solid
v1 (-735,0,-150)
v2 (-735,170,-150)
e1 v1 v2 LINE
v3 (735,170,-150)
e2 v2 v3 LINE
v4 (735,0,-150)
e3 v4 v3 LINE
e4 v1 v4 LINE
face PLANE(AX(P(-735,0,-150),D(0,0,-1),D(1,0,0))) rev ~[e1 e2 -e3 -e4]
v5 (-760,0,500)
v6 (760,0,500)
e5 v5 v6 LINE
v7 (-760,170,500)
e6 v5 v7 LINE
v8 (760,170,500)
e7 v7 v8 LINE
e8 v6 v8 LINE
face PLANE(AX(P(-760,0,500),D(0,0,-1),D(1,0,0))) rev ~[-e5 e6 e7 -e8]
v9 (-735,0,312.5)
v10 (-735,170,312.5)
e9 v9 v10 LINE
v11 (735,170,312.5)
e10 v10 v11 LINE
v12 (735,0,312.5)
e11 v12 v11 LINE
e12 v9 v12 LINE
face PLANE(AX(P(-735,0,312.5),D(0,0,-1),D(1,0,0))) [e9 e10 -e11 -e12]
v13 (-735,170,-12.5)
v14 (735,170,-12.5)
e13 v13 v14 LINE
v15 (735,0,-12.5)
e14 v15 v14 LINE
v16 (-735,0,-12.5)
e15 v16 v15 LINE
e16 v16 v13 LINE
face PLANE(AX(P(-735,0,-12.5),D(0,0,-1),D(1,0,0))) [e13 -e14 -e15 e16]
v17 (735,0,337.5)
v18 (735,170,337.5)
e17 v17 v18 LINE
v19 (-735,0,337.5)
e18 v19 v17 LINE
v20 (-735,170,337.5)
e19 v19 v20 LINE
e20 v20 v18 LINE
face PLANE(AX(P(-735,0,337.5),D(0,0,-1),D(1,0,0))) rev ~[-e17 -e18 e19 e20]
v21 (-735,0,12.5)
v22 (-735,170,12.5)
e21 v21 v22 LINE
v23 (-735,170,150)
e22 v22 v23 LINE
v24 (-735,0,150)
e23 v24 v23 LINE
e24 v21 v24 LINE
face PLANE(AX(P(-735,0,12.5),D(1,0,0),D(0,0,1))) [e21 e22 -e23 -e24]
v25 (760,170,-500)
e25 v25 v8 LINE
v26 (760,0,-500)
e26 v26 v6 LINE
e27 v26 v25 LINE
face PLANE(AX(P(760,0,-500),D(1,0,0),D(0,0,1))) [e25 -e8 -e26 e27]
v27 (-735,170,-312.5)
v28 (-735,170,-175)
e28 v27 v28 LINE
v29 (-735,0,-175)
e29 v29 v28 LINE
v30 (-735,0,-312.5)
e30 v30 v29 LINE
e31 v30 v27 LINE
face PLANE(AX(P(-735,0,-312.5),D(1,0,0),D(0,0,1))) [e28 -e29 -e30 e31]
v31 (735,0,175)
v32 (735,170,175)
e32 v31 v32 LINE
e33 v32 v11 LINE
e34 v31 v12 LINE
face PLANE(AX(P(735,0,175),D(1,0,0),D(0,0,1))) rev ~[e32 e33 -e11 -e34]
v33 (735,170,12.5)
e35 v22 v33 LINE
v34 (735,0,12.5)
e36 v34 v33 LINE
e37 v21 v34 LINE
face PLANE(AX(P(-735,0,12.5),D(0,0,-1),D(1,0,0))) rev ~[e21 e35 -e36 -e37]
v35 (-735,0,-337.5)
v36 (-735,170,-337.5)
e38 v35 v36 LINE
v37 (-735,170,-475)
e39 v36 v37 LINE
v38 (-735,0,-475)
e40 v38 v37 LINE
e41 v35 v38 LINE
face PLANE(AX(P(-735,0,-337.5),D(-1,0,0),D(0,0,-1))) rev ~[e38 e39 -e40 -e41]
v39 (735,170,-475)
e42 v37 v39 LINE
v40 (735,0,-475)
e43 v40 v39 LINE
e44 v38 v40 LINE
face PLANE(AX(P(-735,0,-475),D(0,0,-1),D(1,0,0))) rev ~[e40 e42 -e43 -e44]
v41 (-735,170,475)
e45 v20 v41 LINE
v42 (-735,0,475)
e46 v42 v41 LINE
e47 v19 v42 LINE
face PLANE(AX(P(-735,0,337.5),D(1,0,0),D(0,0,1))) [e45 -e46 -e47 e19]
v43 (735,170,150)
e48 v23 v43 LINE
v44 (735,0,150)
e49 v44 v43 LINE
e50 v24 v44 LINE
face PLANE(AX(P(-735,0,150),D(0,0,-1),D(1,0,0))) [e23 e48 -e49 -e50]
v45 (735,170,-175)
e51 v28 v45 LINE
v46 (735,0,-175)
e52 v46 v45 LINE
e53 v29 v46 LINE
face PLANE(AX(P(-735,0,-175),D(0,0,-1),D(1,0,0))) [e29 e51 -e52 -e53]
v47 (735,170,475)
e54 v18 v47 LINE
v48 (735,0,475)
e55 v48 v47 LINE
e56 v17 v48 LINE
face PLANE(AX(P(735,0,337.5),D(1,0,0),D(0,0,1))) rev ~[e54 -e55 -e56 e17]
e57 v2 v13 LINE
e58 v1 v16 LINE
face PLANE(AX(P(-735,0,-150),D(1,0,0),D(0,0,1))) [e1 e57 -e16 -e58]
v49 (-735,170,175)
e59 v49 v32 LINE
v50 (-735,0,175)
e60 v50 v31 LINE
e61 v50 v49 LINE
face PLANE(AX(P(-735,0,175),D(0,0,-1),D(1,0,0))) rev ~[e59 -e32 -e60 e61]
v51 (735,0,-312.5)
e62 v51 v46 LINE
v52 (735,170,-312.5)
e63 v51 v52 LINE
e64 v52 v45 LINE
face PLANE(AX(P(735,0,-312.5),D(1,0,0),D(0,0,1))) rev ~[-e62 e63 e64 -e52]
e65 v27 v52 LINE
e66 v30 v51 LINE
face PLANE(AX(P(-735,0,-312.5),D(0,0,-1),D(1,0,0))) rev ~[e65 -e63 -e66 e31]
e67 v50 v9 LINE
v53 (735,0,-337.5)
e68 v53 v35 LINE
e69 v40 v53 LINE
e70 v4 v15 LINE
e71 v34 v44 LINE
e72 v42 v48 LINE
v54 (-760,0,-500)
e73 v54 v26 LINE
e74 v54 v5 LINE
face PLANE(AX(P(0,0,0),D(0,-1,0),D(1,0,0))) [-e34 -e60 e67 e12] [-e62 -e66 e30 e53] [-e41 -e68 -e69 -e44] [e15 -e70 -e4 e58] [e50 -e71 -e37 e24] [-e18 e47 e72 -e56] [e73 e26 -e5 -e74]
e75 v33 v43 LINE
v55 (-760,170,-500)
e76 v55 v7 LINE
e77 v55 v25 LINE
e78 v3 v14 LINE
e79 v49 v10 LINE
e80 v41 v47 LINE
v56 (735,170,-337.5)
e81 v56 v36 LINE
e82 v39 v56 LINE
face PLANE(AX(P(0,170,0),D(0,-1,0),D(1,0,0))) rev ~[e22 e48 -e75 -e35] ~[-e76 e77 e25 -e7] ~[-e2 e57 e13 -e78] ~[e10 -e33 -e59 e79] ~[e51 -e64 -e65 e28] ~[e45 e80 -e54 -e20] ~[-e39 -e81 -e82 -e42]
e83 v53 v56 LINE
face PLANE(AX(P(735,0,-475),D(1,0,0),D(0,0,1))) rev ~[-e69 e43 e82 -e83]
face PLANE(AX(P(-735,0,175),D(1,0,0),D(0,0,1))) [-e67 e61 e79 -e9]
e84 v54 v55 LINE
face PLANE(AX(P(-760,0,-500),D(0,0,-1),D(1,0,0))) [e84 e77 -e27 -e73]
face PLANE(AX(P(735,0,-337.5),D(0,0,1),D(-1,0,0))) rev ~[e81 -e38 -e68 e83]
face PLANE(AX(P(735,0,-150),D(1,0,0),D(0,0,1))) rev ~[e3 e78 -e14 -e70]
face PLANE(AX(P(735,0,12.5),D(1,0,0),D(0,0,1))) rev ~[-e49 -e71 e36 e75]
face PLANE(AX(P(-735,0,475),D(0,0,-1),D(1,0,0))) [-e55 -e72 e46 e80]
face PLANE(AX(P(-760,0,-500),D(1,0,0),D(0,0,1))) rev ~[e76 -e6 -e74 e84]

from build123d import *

# Parameters (mm, degrees)
F0_W     = 1520
F0_H     = 1000
F1_DEPTH = 170
F2_W     = 1470
F2_H     = 137.5
F3_DEPTH = 170


with BuildPart() as f1:
    # F0 (on Front) → F1 (new body)
    with BuildSketch(Plane.XZ):
        Rectangle(F0_W, F0_H)
    extrude(amount=-F1_DEPTH)

    # F2 (on face) → F3 (cut, through all)
    with BuildSketch(Plane.XZ):
        with Locations((0, 406.25)):
            Rectangle(F2_W, F2_H)
        with Locations((0, 243.75)):
            Rectangle(F2_W, F2_H)
        with Locations((0, 81.25)):
            Rectangle(F2_W, F2_H)
        with Locations((0, -81.25)):
            Rectangle(F2_W, F2_H)
        with Locations((0, -243.75)):
            Rectangle(F2_W, F2_H)
        Polygon((-735, -337.5), (-735, -475), (735, -475), (735, -425), (735, -337.5), align=None)
    extrude(amount=-F3_DEPTH, mode=Mode.SUBTRACT)


solid = f1.part
